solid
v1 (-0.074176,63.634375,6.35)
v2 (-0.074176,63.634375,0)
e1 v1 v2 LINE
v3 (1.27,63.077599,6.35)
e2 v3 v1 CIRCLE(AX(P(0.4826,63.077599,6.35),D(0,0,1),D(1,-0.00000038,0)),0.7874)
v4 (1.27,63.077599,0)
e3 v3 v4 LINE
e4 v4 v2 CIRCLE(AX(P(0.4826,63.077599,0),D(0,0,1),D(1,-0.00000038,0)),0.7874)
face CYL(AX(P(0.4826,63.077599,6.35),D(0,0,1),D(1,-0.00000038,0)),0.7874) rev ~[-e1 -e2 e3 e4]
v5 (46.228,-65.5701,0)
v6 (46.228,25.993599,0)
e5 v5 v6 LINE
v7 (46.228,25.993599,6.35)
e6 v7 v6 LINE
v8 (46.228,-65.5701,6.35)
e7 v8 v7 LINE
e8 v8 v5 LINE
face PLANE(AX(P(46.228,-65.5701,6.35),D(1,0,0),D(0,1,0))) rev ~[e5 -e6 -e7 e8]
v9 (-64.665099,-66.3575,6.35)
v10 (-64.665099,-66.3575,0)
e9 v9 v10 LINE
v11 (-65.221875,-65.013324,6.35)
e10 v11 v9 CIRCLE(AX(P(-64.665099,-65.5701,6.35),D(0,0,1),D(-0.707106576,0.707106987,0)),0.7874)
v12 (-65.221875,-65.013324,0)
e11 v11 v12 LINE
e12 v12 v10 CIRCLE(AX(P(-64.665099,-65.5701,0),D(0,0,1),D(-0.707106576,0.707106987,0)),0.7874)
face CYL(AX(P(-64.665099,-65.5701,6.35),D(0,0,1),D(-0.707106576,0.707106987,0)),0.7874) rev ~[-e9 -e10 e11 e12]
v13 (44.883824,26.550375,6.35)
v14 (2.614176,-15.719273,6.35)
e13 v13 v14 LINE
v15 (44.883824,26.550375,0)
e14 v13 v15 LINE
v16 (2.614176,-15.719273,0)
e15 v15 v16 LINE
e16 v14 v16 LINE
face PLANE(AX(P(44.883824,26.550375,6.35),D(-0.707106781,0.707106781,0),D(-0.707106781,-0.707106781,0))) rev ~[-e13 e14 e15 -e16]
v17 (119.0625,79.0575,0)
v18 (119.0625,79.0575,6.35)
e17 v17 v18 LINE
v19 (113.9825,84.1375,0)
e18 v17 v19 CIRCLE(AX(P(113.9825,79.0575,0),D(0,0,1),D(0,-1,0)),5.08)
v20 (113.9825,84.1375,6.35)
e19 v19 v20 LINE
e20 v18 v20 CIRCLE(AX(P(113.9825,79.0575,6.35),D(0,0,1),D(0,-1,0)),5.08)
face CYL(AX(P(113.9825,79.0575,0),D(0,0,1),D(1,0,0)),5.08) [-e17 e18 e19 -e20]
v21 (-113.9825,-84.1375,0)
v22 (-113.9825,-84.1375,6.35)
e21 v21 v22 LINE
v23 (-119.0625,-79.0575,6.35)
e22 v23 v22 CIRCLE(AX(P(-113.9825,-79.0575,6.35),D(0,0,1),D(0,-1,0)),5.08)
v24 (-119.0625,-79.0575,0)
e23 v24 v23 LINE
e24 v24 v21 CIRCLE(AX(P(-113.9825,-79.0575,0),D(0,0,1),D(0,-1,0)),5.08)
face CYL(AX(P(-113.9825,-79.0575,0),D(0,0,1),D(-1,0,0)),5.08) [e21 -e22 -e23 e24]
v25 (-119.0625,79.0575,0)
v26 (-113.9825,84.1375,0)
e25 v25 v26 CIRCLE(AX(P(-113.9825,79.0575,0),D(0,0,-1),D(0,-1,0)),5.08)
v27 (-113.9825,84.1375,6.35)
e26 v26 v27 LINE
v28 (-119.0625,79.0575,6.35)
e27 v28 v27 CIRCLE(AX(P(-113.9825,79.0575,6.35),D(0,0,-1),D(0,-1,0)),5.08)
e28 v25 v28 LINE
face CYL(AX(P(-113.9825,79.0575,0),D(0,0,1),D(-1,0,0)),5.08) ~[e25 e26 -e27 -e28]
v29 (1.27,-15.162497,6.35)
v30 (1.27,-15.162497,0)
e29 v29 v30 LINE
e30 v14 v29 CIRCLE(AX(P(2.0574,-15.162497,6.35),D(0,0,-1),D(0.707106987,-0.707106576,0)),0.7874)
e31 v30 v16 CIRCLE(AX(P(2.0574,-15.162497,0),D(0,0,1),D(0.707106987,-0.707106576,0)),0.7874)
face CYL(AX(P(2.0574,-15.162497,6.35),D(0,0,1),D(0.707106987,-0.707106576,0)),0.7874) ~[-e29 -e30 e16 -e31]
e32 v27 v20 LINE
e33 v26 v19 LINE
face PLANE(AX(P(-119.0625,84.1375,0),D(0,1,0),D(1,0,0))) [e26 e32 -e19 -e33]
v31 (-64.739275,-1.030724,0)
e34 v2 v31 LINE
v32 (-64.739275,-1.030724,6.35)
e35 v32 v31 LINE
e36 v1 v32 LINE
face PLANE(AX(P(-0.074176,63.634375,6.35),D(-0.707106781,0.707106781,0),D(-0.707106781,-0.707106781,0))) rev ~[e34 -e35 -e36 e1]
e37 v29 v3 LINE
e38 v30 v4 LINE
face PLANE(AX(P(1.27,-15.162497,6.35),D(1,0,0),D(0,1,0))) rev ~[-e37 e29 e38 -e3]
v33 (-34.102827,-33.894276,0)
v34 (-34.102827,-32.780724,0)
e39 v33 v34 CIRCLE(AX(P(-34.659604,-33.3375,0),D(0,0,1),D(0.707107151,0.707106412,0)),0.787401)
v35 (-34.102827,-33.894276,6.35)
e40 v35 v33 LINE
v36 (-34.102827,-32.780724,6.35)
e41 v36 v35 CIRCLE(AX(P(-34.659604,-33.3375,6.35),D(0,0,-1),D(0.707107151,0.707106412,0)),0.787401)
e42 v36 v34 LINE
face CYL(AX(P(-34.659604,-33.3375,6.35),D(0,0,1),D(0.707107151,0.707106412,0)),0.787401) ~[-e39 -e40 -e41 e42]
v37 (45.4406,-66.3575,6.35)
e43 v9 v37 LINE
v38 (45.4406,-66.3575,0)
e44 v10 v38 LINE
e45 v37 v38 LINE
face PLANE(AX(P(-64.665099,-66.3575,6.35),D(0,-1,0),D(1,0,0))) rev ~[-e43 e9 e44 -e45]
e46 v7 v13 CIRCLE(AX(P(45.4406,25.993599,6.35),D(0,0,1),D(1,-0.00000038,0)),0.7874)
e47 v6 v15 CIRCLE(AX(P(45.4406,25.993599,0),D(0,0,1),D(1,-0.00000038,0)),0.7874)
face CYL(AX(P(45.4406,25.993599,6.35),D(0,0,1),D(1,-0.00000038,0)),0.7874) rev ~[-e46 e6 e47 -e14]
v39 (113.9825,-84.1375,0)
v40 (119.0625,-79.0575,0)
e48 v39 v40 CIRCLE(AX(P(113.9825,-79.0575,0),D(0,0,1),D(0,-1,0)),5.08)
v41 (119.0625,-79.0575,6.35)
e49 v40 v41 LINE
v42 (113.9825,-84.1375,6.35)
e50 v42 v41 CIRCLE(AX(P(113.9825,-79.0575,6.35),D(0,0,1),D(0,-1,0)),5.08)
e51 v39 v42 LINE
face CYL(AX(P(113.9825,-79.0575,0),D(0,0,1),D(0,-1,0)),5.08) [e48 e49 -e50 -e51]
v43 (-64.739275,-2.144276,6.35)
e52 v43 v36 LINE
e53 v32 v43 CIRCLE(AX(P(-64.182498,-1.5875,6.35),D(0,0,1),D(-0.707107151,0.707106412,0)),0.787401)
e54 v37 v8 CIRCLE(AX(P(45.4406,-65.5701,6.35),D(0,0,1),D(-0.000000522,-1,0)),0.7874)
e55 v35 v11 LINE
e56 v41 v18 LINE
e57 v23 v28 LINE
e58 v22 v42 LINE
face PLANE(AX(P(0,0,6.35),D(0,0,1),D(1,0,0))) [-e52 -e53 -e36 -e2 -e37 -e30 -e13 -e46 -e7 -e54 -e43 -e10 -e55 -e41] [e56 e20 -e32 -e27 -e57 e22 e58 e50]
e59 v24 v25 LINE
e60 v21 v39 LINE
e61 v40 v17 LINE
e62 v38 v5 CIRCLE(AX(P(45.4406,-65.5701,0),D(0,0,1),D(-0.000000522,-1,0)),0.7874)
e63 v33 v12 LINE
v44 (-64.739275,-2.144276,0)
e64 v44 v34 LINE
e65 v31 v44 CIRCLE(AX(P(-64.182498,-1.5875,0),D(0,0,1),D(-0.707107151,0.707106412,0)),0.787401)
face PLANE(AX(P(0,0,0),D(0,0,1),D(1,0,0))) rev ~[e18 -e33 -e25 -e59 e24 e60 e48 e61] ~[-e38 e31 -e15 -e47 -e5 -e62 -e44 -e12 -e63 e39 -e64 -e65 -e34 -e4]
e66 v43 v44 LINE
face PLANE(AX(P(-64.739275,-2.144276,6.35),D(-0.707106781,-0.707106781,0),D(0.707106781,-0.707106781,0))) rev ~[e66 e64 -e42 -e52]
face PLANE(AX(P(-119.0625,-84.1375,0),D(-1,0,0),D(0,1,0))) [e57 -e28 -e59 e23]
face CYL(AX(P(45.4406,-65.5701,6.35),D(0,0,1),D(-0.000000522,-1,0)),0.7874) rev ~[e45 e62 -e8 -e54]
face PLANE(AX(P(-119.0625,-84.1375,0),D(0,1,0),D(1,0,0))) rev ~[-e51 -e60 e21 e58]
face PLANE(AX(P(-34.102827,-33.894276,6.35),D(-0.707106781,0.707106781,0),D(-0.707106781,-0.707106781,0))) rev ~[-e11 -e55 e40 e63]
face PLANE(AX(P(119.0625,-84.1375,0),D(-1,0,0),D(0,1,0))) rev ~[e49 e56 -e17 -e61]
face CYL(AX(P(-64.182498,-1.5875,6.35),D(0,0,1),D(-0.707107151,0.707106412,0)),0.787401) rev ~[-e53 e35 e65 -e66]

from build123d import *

# Parameters (mm, degrees)
F0_W     = 238.125
F0_H     = 168.275
F1_DEPTH = 6.35
F2_R     = 5.08
F4_DEPTH = 25.4
F6_DEPTH = 6.351


with BuildPart() as f1:
    # F0 (on Top) → F1 (new body)
    with BuildSketch(Plane.XY):
        Rectangle(F0_W, F0_H)
    extrude(amount=F1_DEPTH)

    # F2
    f2_edges = [f1.edges().sort_by_distance(p)[0] for p in [
        (119.0625, -84.1375, 3.175),
        (-119.0625, -84.1375, 3.175),
        (119.0625, 84.1375, 3.175),
        (-119.0625, 84.1375, 3.175),
    ]]
    fillet(f2_edges, radius=F2_R)

    # F3 (on face) → F4 (cut)
    with BuildSketch(Plane.XY.offset(6.35)):
        Polygon((-31.75, -33.3375), (-63.5, -65.0875), (44.958, -65.0875), (44.958, 24.8285), (0, -20.1295), (0, 61.9125), (-63.5, -1.5875), align=None)
    extrude(amount=-F4_DEPTH, mode=Mode.SUBTRACT)

    # F5 (on face) → F6 (cut, through all)
    with BuildSketch(Plane.XY.offset(6.35)):
        with BuildLine():
            ThreePointArc((46.228, 25.993599), (45.741925, 26.721062), (44.883824, 26.550375))
            Line((44.883824, 26.550375), (2.614176, -15.719273))
            ThreePointArc((2.614176, -15.719273), (1.756075, -15.88996), (1.27, -15.162497))
            Line((1.27, -15.162497), (1.27, 63.077599))
            ThreePointArc((1.27, 63.077599), (0.783925, 63.805062), (-0.074176, 63.634375))
            Line((-0.074176, 63.634375), (-64.739275, -1.030724))
            ThreePointArc((-64.739275, -1.030724), (-64.969899, -1.5875), (-64.739275, -2.144276))
            Line((-64.739275, -2.144276), (-34.102827, -32.780724))
            ThreePointArc((-34.102827, -32.780724), (-33.872203, -33.3375), (-34.102827, -33.894276))
            Line((-34.102827, -33.894276), (-65.221875, -65.013324))
            ThreePointArc((-65.221875, -65.013324), (-65.392562, -65.871425), (-64.665099, -66.3575))
            Line((-64.665099, -66.3575), (45.4406, -66.3575))
            ThreePointArc((45.4406, -66.3575), (45.997376, -66.126876), (46.228, -65.5701))
            Line((46.228, -65.5701), (46.228, 25.993599))
        make_face()
    extrude(amount=-F6_DEPTH, mode=Mode.SUBTRACT)


solid = f1.part
